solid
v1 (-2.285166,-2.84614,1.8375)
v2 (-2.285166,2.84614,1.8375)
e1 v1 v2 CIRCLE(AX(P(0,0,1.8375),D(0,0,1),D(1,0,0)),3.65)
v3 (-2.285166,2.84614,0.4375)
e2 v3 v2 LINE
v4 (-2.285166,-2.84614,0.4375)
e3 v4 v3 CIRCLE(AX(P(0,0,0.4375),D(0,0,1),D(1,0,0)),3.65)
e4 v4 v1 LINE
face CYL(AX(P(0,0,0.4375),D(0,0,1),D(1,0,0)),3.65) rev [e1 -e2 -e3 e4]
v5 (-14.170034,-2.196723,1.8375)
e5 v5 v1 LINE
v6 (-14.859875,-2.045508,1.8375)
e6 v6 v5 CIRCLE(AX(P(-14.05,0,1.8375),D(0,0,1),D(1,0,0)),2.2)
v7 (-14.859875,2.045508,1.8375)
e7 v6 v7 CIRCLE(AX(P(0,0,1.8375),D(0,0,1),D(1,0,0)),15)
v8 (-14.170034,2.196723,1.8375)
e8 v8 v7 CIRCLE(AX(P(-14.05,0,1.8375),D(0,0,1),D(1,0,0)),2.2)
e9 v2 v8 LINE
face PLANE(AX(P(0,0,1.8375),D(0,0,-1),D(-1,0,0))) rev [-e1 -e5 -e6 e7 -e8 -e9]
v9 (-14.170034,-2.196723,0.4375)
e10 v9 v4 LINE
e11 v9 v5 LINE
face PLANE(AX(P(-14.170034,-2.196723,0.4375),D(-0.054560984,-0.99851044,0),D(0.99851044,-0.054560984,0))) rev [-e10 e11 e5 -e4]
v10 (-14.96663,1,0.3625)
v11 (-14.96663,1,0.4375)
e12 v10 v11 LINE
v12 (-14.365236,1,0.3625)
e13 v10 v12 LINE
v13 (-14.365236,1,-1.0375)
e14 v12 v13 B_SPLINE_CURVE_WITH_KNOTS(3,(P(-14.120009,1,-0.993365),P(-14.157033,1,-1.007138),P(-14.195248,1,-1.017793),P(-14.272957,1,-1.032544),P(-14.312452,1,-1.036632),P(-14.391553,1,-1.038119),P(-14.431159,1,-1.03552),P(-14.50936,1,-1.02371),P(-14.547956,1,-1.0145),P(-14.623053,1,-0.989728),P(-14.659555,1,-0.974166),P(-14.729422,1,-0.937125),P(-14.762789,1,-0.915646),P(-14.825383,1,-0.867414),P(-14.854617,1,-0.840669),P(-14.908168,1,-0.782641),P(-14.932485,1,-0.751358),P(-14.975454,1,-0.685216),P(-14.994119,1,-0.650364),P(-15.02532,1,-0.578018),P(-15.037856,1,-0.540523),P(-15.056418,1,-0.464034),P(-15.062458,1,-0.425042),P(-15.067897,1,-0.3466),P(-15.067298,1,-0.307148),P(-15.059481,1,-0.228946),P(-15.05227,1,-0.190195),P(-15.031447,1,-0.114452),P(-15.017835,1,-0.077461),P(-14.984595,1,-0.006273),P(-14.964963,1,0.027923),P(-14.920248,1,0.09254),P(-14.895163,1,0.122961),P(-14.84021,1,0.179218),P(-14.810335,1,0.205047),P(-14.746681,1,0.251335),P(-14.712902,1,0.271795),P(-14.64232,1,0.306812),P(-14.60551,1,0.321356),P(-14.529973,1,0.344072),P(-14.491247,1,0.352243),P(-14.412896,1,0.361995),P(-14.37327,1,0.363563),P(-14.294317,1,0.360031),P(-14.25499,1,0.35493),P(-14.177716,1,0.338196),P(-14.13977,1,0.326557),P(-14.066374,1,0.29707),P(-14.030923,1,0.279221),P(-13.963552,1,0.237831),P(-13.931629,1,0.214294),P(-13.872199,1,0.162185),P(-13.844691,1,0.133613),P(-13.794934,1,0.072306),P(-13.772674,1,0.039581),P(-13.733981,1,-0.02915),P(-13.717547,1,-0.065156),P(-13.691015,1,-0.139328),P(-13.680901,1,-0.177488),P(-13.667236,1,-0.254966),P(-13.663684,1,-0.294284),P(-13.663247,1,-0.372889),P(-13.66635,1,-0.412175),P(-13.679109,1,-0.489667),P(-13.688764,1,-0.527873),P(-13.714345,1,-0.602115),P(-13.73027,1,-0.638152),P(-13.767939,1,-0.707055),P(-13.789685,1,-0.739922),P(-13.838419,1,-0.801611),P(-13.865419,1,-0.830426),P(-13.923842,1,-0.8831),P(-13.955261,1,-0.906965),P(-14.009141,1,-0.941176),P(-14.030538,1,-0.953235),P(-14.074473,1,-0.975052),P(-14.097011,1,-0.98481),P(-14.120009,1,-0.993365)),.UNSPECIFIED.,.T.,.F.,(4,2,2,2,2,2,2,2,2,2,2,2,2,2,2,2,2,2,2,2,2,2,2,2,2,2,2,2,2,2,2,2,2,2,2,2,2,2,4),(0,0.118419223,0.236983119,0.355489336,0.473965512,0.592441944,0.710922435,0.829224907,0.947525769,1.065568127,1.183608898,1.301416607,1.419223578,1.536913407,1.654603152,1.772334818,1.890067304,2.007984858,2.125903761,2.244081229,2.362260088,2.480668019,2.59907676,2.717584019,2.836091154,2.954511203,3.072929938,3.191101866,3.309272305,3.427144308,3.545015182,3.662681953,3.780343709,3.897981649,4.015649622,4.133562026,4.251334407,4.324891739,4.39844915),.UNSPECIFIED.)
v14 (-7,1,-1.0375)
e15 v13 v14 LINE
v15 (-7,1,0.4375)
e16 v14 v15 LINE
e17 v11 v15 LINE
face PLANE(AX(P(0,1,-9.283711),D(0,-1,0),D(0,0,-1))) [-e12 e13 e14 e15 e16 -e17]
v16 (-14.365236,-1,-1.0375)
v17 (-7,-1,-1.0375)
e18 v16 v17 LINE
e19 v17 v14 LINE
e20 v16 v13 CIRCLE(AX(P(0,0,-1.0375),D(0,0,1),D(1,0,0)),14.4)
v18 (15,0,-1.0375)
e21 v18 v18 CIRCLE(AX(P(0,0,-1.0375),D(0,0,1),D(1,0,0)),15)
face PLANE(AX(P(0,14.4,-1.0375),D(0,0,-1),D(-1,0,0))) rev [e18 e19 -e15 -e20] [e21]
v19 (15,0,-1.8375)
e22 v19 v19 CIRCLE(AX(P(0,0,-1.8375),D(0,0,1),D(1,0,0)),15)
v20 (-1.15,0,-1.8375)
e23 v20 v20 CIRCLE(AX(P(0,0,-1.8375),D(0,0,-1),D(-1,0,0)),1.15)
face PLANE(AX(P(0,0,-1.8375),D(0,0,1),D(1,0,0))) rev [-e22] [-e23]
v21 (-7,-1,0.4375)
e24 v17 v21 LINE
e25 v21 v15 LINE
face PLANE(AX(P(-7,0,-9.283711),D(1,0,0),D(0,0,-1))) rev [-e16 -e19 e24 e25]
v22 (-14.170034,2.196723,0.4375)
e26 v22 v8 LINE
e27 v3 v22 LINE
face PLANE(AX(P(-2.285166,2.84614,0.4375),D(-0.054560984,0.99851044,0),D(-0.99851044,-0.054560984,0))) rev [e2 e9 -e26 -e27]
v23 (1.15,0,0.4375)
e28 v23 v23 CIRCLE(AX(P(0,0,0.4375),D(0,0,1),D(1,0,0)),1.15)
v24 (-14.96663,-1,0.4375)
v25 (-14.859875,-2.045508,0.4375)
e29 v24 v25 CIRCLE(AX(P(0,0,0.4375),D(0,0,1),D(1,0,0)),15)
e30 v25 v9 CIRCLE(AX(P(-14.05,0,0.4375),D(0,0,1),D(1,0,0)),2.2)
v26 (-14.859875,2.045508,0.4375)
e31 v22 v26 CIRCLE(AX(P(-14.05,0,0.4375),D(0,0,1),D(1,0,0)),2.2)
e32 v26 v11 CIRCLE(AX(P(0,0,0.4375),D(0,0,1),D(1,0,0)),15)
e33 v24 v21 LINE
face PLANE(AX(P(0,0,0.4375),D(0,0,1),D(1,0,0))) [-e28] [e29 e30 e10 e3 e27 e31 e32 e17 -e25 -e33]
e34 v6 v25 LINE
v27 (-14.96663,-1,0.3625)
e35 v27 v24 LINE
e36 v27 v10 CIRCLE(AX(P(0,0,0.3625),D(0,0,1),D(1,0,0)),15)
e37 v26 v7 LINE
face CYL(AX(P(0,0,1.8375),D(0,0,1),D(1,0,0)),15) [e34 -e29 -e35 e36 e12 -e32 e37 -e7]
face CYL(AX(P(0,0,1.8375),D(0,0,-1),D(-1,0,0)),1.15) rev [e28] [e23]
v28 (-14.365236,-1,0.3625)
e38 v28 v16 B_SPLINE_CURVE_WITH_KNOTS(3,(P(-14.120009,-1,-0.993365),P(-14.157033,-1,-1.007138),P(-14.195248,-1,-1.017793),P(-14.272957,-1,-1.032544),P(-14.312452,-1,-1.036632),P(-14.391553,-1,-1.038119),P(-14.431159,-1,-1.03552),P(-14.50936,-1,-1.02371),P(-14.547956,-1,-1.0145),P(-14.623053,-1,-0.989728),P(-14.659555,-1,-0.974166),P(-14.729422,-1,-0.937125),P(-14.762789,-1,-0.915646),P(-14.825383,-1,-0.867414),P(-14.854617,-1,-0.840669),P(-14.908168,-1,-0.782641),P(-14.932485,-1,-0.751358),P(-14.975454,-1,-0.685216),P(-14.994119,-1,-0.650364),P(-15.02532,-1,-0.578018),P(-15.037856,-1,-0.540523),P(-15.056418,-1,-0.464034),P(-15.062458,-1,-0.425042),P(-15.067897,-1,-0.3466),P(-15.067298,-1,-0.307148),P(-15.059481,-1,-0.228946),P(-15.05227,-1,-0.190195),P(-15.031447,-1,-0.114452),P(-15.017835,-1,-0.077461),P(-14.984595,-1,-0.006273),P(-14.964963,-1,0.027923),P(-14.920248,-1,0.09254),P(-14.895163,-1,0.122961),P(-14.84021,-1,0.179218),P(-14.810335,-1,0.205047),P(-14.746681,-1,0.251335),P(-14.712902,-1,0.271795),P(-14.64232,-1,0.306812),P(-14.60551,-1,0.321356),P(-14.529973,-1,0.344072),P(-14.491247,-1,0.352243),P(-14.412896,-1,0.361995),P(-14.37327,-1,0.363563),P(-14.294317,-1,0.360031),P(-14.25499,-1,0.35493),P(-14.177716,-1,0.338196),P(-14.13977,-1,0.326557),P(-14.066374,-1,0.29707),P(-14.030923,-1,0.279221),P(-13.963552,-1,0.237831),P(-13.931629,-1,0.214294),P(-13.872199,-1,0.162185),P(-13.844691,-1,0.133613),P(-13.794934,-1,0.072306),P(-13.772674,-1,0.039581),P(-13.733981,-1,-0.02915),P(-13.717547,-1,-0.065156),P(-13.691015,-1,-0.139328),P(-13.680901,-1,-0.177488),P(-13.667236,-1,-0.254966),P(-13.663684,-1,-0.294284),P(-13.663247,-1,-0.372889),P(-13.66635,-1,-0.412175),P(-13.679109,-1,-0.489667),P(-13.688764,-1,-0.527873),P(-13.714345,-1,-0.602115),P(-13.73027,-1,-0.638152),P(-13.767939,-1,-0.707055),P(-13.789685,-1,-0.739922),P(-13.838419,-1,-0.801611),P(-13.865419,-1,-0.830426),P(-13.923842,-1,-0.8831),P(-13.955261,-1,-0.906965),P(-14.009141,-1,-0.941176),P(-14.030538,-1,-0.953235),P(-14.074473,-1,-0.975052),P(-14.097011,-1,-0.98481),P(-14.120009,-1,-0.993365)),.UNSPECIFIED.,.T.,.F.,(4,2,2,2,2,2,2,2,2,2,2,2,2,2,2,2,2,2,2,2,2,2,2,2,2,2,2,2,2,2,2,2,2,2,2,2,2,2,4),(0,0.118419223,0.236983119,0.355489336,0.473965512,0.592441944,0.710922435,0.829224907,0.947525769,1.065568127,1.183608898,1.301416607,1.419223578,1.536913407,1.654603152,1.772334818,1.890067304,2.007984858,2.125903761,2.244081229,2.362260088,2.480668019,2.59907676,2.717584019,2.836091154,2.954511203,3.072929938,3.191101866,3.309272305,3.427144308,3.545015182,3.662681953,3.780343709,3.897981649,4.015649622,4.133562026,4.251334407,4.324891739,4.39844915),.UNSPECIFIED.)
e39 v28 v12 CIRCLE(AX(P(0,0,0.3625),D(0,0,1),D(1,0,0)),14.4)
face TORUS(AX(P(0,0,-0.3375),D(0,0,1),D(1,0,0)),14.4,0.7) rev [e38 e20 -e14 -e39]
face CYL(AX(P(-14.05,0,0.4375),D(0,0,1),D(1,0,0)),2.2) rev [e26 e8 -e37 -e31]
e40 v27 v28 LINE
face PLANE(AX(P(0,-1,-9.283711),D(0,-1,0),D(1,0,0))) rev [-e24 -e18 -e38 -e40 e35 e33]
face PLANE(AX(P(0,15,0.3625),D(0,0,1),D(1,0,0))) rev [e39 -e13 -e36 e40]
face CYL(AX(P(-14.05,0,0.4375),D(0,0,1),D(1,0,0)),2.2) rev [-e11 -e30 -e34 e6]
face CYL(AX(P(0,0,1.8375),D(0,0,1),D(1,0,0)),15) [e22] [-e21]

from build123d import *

# Parameters (mm, degrees)
CUT_EXTRUDE1_DEPTH = 1.4
SKETCH5_R          = 1.15
CUT_EXTRUDE2_DEPTH = 22.529180779
CUT_EXTRUDE3_DEPTH = 1.475


with BuildPart() as part:
    # Sketch1 → Revolve1 (revolve)
    with BuildSketch(Plane(origin=(0, 0, 0), x_dir=(0, 0, -1), z_dir=(1, 0, 0)), mode=Mode.PRIVATE) as revolve1_sk:
        with BuildLine():
            Line((-1.8375, 0), (1.8375, 0))
            Line((1.8375, 0), (1.8375, 15))
            Line((1.8375, 15), (1.0375, 15))
            Line((1.0375, 15), (1.0375, 14.4))
            ThreePointArc((1.0375, 14.4), (0.3375, 13.7), (-0.3625, 14.4))
            Line((-0.3625, 14.4), (-0.3625, 15))
            Line((-0.3625, 15), (-1.8375, 15))
            Line((-1.8375, 15), (-1.8375, 0))
        make_face()
    revolve(revolve1_sk.sketch.rotate(Axis((0, 0, 1.8375), (0, 0, -1)), 90), axis=Axis((0, 0, 1.8375), (0, 0, -1)))

    # Sketch2 → Cut-Extrude1 (cut)
    with BuildSketch(Plane.XY.offset(1.8375)):
        with BuildLine():
            Line((-2.285166262, 2.846140396), (-14.170034164, 2.196722968))
            ThreePointArc((-14.170034164, 2.196722968), (-16.25, 0), (-14.170034164, -2.196722968))
            Line((-14.170034164, -2.196722968), (-2.285166262, -2.846140396))
            ThreePointArc((-2.285166262, -2.846140396), (3.65, 0), (-2.285166262, 2.846140396))
        make_face()
    extrude(amount=-CUT_EXTRUDE1_DEPTH, mode=Mode.SUBTRACT)

    # Sketch5 → Cut-Extrude2 (cut, through all)
    with BuildSketch(Plane(origin=(0, 0, -1.8375), x_dir=(-1, 0, 0), z_dir=(0, 0, -1))):
        Circle(SKETCH5_R)
    extrude(amount=-CUT_EXTRUDE2_DEPTH, mode=Mode.SUBTRACT)

    # Sketch6 → Cut-Extrude3 (cut)
    with BuildSketch(Plane.XY.offset(0.4375)):
        with BuildLine():
            Line((-14.966629547, -1), (-7, -1))
            Line((-7, -1), (-7, 1))
            Line((-7, 1), (-14.966629547, 1))
            ThreePointArc((-14.966629547, 1), (-14.991655066, 0.500278293), (-15, -5.3e-08))
            ThreePointArc((-15, -5.3e-08), (-14.991655065, -0.500278346), (-14.966629547, -1))
        make_face()
    extrude(amount=-CUT_EXTRUDE3_DEPTH, mode=Mode.SUBTRACT)


solid = part.part
